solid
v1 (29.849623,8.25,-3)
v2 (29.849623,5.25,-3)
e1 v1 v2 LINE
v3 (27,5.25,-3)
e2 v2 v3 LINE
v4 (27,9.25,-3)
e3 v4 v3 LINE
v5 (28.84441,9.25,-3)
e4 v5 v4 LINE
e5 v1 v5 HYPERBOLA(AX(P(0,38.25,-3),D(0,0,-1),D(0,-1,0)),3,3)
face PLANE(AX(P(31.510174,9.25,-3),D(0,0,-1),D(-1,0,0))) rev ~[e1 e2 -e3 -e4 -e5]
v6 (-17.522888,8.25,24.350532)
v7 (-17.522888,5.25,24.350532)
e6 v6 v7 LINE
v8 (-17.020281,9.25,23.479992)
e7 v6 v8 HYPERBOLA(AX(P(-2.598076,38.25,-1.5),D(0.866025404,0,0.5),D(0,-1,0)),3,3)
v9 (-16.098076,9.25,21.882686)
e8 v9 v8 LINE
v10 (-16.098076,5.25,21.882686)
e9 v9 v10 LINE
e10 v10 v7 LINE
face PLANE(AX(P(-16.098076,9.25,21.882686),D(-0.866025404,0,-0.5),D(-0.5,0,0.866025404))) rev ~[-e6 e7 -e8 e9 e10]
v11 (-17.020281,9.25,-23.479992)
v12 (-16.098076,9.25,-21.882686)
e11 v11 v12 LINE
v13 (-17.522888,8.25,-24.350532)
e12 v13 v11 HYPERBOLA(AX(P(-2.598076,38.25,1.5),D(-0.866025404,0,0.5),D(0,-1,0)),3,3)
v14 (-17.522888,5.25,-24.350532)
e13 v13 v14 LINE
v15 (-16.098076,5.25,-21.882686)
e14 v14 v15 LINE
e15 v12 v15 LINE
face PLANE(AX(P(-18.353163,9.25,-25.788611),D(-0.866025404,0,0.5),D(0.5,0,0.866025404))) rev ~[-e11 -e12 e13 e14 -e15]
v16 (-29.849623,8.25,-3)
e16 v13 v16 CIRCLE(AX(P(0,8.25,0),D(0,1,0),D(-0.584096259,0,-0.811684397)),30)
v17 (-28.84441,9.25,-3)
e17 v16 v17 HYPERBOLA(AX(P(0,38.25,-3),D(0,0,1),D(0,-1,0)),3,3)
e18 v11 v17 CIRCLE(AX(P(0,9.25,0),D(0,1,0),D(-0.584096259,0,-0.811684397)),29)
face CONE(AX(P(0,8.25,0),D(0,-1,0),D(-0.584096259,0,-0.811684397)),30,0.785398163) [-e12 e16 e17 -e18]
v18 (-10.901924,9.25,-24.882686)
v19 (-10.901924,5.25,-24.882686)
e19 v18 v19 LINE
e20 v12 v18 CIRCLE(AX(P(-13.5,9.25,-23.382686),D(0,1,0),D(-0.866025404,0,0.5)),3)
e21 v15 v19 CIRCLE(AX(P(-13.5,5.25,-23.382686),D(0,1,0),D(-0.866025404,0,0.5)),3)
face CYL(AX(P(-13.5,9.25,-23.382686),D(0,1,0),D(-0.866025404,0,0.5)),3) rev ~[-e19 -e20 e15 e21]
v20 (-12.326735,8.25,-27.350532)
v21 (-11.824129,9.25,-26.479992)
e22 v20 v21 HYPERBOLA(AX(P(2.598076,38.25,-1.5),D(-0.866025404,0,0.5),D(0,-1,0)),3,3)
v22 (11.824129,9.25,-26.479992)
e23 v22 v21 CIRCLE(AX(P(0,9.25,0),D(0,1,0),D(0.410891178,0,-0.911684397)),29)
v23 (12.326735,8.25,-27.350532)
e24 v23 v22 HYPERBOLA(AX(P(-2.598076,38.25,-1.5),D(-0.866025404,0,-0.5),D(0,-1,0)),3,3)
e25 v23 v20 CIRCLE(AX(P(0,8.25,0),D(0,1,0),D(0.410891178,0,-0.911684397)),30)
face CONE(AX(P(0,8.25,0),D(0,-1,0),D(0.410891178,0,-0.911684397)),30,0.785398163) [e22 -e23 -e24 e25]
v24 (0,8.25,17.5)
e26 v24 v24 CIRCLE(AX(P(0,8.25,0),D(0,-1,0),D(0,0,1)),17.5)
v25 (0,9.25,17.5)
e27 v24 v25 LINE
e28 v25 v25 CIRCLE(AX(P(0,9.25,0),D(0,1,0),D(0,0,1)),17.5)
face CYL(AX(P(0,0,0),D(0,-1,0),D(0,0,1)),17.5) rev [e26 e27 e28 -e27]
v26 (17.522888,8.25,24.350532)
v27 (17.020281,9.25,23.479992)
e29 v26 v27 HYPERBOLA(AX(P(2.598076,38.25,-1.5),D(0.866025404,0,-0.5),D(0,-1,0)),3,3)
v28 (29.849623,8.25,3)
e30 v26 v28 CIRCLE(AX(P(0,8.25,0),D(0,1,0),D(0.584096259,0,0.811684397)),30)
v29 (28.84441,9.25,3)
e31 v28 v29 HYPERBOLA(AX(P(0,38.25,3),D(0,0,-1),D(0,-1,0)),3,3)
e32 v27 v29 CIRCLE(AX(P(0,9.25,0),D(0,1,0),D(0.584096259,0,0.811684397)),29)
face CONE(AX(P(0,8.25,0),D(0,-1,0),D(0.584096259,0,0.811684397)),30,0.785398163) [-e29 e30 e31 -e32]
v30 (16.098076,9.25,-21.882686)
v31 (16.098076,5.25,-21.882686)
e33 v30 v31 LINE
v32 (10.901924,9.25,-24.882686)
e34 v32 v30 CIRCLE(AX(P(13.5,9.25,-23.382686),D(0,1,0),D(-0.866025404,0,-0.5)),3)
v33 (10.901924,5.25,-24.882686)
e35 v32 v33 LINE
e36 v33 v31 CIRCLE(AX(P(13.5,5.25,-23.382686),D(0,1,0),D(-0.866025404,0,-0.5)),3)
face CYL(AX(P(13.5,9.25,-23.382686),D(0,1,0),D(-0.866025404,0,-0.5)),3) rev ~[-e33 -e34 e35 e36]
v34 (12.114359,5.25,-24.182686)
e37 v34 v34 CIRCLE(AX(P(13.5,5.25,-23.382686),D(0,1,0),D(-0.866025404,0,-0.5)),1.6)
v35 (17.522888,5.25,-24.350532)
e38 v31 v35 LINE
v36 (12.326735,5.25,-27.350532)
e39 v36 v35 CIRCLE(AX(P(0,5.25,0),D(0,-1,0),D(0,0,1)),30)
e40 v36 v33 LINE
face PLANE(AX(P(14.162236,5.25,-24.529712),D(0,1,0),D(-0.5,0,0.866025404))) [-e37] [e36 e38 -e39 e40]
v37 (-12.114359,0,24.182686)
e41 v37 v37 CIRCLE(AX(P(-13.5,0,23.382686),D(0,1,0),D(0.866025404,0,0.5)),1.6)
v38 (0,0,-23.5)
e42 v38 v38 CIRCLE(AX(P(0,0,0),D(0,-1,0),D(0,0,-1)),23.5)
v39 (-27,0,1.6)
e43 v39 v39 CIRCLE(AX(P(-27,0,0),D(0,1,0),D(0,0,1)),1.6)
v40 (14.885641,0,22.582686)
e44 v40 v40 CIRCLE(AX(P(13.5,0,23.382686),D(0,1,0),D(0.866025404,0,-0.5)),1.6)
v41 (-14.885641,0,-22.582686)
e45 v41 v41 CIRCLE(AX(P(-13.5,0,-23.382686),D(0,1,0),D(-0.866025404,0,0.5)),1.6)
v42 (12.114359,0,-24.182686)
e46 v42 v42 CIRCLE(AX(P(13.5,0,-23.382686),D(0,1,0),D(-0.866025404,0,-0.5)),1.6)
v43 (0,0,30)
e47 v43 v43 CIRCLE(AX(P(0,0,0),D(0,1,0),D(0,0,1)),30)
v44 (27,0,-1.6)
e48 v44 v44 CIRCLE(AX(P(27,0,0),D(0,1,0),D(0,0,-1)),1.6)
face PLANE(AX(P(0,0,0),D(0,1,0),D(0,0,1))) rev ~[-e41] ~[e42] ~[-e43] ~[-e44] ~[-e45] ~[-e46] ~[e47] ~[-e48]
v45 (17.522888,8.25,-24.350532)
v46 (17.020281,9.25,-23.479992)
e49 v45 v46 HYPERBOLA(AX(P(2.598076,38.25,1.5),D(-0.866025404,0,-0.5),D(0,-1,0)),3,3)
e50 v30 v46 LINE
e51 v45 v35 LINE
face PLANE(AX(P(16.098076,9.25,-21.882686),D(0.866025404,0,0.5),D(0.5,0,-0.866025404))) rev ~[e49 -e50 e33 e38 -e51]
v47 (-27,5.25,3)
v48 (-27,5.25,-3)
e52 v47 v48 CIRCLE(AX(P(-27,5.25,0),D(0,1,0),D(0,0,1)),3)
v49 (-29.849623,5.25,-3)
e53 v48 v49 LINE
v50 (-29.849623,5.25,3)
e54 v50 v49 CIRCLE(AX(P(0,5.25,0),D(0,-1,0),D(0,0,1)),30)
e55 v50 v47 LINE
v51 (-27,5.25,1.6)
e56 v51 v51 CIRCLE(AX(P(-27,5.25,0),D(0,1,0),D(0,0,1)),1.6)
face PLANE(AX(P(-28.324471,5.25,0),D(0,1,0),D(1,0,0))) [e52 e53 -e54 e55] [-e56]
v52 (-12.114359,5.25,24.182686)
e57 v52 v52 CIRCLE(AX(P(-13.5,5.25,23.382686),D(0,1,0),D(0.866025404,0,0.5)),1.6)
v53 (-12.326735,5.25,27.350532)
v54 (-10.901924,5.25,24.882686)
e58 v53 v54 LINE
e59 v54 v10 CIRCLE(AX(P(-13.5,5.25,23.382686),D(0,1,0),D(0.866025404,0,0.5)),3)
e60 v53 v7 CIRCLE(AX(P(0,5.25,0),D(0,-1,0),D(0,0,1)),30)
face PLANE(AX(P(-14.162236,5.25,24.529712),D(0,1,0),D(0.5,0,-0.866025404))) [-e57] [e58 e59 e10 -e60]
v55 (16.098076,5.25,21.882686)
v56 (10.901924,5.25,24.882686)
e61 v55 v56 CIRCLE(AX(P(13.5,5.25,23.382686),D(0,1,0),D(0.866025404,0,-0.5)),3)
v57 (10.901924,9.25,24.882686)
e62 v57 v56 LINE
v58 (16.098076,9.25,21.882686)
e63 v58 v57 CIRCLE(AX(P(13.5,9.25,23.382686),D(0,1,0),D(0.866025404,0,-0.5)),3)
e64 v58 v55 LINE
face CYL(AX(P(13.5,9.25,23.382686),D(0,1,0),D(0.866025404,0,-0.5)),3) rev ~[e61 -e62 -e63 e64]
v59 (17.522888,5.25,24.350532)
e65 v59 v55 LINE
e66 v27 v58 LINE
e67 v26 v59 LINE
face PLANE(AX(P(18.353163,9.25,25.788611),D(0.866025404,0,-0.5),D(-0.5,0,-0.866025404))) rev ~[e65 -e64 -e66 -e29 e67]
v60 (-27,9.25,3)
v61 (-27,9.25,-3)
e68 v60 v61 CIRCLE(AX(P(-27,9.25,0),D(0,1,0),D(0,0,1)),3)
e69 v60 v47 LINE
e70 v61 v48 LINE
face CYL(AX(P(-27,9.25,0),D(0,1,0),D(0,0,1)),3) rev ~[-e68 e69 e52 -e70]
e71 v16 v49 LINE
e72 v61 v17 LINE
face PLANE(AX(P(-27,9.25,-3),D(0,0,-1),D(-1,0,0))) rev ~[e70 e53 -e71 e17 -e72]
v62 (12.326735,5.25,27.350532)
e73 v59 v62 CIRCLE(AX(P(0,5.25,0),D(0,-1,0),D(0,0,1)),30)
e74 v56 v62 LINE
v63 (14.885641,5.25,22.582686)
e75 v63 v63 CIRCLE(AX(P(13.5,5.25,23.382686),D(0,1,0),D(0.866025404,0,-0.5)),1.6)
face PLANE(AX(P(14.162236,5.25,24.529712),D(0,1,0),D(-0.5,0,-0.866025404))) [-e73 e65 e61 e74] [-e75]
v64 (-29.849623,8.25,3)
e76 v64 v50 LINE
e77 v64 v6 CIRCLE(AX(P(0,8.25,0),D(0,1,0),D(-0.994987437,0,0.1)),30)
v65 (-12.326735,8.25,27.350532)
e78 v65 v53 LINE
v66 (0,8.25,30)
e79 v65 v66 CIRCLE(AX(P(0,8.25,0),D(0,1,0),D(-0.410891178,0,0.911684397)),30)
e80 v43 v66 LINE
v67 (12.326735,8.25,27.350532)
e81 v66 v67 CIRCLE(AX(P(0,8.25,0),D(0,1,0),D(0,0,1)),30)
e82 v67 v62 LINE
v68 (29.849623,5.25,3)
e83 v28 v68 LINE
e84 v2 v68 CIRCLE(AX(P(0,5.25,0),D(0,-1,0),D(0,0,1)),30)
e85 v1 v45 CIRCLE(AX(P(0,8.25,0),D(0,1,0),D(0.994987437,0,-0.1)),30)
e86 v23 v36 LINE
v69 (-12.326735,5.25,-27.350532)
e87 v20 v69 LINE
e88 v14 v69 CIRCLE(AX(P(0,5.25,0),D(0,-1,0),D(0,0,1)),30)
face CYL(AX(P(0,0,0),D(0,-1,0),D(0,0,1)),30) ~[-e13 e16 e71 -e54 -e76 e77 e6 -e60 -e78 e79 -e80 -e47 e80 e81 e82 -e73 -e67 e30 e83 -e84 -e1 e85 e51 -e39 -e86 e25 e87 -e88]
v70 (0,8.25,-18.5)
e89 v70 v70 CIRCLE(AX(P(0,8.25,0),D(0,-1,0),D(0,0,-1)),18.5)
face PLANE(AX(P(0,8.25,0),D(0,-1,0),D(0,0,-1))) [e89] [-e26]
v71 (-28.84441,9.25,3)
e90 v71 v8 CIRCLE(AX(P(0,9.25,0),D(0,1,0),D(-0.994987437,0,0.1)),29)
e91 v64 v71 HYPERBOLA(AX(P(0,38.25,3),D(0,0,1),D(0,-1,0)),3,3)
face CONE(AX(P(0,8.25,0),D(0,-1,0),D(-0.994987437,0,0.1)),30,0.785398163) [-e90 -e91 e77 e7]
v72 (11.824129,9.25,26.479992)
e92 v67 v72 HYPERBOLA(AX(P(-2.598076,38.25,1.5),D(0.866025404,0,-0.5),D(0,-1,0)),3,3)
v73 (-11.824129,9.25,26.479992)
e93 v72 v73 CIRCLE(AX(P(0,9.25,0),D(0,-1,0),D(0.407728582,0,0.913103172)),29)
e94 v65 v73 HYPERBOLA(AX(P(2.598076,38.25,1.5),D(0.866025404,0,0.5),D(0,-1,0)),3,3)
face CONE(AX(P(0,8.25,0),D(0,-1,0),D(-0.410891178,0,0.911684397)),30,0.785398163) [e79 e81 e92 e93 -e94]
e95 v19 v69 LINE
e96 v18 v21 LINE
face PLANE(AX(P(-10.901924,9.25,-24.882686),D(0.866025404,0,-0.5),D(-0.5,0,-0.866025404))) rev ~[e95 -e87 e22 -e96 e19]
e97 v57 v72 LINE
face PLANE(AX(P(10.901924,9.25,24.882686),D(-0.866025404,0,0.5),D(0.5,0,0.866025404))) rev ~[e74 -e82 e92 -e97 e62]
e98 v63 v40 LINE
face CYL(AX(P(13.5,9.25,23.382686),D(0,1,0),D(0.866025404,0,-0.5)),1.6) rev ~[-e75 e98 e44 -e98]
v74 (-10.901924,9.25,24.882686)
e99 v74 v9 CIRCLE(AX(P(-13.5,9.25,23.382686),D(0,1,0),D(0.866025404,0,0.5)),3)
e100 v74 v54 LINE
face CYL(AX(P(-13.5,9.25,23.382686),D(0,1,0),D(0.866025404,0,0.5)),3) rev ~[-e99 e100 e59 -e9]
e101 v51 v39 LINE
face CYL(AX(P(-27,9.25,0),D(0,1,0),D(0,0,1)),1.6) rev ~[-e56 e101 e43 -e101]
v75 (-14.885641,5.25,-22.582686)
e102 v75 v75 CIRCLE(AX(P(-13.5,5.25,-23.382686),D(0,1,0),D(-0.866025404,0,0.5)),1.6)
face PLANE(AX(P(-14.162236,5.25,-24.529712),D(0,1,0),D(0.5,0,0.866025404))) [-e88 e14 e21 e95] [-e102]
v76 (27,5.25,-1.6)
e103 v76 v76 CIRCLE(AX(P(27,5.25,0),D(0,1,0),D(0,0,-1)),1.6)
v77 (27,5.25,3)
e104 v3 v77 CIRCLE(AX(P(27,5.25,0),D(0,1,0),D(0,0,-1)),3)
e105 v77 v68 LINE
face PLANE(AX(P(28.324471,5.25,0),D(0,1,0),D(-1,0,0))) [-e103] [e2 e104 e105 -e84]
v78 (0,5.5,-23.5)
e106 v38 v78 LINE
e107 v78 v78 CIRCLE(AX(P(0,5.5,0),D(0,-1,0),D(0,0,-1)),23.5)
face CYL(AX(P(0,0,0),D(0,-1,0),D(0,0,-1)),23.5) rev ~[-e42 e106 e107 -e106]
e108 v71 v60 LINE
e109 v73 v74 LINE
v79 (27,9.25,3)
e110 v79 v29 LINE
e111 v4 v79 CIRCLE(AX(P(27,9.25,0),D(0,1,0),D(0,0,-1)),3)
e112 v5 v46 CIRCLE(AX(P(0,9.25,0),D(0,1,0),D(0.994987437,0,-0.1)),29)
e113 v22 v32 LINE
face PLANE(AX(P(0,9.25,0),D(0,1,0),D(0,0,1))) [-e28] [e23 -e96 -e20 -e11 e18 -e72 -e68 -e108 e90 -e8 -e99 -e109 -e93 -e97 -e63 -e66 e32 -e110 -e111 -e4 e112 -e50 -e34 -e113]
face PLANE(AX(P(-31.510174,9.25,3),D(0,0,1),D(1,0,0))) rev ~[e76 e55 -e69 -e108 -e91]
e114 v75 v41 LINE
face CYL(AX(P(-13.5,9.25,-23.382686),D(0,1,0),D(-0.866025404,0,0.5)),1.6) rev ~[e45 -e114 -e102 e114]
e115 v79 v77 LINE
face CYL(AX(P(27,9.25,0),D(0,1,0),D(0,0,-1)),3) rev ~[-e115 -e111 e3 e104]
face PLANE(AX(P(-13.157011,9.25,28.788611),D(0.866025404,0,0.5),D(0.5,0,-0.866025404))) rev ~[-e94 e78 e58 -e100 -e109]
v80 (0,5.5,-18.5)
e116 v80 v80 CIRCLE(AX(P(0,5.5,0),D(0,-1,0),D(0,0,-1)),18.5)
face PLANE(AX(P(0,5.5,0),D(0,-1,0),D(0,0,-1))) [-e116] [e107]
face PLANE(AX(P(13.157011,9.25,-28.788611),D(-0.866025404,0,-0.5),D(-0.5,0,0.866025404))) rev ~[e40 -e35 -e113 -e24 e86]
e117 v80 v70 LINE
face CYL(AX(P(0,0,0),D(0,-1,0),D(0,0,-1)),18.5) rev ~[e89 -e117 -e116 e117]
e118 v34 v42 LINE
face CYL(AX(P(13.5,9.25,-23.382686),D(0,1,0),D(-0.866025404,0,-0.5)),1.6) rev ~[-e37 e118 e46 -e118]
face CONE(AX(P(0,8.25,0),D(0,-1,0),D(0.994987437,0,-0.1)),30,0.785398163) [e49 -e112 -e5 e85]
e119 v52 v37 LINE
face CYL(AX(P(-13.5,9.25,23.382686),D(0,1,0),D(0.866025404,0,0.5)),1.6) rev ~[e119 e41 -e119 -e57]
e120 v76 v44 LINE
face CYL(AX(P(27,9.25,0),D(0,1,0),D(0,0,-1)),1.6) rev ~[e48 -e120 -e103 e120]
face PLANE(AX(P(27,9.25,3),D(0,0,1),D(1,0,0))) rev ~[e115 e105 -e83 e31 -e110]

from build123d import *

# Parameters (mm, degrees)
SKETCH1_R           = 30
SKETCH1_R_2         = 17.5
BOSS_EXTRUDE1_DEPTH = 9.25
SKETCH2_R           = 1.6
CUT_EXTRUDE1_DEPTH  = 9.25
CUT_EXTRUDE2_DEPTH  = 4
SKETCH4_R           = 23.5
CUT_EXTRUDE3_DEPTH  = 5.5
SKETCH5_R           = 18.5
CUT_EXTRUDE4_DEPTH  = 8.25
CIRPATTERN1_COUNT   = 6
CHAMFER1_SIZE       = 1


with BuildPart() as part:
    # Sketch1 → Boss-Extrude1 (new body)
    with BuildSketch(Plane(origin=(0, 0, 0), x_dir=(1, 0, 0), z_dir=(0, 1, 0))):
        with Locations(Location((0, 0, 0), (0, 0, 270))):
            Circle(SKETCH1_R)
        with Locations(Location((0, 0, 0), (0, 0, 270))):
            Circle(SKETCH1_R_2, mode=Mode.SUBTRACT)
    extrude(amount=BOSS_EXTRUDE1_DEPTH)

    # Sketch2 → Cut-Extrude1 (cut)
    with BuildSketch(Plane(origin=(0, 9.25, 0), x_dir=(1, 0, 0), z_dir=(0, 1, 0))):
        with Locations(Location((-27, 0, 0), (0, 0, 270))):
            Circle(SKETCH2_R)
    cut_extrude1 = extrude(amount=-CUT_EXTRUDE1_DEPTH, mode=Mode.SUBTRACT)

    # Sketch3 → Cut-Extrude2 (cut)
    with BuildSketch(Plane(origin=(0, 9.25, 0), x_dir=(1, 0, 0), z_dir=(0, 1, 0))):
        with BuildLine():
            Line((-27, 3), (-31.510174131, 3))
            Line((-31.510174131, 3), (-31.510174131, -3))
            Line((-31.510174131, -3), (-27, -3))
            ThreePointArc((-27, -3), (-24, 0), (-27, 3))
        make_face()
    cut_extrude2 = extrude(amount=-CUT_EXTRUDE2_DEPTH, mode=Mode.SUBTRACT)

    # Sketch4 → Cut-Extrude3 (cut)
    with BuildSketch(Plane.XZ):
        with Locations(Location((0, 0, 0), (0, 0, 270))):
            Circle(SKETCH4_R)
    extrude(amount=-CUT_EXTRUDE3_DEPTH, mode=Mode.SUBTRACT)

    # Sketch5 → Cut-Extrude4 (cut)
    with BuildSketch(Plane.XZ):
        with Locations(Location((0, 0, 0), (0, 0, 270))):
            Circle(SKETCH5_R)
    extrude(amount=-CUT_EXTRUDE4_DEPTH, mode=Mode.SUBTRACT)

    # CirPattern1: Cut-Extrude1, Cut-Extrude2 ×6 about axis
    cirpattern1_axis = Axis((0, 0, 0), (0, 1, 0))
    add([cut_extrude1.rotate(cirpattern1_axis, i * 360 / CIRPATTERN1_COUNT) for i in range(1, CIRPATTERN1_COUNT)], mode=Mode.SUBTRACT)
    add([cut_extrude2.rotate(cirpattern1_axis, i * 360 / CIRPATTERN1_COUNT) for i in range(1, CIRPATTERN1_COUNT)], mode=Mode.SUBTRACT)

    # Chamfer1
    chamfer1_edges = [part.edges().sort_by_distance(p)[0] for p in [
        (-25.980762114, 9.25, 15),
        (6.304127327, 9.25, 29.330154767),
        (25.980762114, 9.25, 15),
        (25.980762114, 9.25, -15),
        (0, 9.25, -30),
        (-25.980762114, 9.25, -15),
    ]]
    chamfer(chamfer1_edges, length=CHAMFER1_SIZE)


solid = part.part
